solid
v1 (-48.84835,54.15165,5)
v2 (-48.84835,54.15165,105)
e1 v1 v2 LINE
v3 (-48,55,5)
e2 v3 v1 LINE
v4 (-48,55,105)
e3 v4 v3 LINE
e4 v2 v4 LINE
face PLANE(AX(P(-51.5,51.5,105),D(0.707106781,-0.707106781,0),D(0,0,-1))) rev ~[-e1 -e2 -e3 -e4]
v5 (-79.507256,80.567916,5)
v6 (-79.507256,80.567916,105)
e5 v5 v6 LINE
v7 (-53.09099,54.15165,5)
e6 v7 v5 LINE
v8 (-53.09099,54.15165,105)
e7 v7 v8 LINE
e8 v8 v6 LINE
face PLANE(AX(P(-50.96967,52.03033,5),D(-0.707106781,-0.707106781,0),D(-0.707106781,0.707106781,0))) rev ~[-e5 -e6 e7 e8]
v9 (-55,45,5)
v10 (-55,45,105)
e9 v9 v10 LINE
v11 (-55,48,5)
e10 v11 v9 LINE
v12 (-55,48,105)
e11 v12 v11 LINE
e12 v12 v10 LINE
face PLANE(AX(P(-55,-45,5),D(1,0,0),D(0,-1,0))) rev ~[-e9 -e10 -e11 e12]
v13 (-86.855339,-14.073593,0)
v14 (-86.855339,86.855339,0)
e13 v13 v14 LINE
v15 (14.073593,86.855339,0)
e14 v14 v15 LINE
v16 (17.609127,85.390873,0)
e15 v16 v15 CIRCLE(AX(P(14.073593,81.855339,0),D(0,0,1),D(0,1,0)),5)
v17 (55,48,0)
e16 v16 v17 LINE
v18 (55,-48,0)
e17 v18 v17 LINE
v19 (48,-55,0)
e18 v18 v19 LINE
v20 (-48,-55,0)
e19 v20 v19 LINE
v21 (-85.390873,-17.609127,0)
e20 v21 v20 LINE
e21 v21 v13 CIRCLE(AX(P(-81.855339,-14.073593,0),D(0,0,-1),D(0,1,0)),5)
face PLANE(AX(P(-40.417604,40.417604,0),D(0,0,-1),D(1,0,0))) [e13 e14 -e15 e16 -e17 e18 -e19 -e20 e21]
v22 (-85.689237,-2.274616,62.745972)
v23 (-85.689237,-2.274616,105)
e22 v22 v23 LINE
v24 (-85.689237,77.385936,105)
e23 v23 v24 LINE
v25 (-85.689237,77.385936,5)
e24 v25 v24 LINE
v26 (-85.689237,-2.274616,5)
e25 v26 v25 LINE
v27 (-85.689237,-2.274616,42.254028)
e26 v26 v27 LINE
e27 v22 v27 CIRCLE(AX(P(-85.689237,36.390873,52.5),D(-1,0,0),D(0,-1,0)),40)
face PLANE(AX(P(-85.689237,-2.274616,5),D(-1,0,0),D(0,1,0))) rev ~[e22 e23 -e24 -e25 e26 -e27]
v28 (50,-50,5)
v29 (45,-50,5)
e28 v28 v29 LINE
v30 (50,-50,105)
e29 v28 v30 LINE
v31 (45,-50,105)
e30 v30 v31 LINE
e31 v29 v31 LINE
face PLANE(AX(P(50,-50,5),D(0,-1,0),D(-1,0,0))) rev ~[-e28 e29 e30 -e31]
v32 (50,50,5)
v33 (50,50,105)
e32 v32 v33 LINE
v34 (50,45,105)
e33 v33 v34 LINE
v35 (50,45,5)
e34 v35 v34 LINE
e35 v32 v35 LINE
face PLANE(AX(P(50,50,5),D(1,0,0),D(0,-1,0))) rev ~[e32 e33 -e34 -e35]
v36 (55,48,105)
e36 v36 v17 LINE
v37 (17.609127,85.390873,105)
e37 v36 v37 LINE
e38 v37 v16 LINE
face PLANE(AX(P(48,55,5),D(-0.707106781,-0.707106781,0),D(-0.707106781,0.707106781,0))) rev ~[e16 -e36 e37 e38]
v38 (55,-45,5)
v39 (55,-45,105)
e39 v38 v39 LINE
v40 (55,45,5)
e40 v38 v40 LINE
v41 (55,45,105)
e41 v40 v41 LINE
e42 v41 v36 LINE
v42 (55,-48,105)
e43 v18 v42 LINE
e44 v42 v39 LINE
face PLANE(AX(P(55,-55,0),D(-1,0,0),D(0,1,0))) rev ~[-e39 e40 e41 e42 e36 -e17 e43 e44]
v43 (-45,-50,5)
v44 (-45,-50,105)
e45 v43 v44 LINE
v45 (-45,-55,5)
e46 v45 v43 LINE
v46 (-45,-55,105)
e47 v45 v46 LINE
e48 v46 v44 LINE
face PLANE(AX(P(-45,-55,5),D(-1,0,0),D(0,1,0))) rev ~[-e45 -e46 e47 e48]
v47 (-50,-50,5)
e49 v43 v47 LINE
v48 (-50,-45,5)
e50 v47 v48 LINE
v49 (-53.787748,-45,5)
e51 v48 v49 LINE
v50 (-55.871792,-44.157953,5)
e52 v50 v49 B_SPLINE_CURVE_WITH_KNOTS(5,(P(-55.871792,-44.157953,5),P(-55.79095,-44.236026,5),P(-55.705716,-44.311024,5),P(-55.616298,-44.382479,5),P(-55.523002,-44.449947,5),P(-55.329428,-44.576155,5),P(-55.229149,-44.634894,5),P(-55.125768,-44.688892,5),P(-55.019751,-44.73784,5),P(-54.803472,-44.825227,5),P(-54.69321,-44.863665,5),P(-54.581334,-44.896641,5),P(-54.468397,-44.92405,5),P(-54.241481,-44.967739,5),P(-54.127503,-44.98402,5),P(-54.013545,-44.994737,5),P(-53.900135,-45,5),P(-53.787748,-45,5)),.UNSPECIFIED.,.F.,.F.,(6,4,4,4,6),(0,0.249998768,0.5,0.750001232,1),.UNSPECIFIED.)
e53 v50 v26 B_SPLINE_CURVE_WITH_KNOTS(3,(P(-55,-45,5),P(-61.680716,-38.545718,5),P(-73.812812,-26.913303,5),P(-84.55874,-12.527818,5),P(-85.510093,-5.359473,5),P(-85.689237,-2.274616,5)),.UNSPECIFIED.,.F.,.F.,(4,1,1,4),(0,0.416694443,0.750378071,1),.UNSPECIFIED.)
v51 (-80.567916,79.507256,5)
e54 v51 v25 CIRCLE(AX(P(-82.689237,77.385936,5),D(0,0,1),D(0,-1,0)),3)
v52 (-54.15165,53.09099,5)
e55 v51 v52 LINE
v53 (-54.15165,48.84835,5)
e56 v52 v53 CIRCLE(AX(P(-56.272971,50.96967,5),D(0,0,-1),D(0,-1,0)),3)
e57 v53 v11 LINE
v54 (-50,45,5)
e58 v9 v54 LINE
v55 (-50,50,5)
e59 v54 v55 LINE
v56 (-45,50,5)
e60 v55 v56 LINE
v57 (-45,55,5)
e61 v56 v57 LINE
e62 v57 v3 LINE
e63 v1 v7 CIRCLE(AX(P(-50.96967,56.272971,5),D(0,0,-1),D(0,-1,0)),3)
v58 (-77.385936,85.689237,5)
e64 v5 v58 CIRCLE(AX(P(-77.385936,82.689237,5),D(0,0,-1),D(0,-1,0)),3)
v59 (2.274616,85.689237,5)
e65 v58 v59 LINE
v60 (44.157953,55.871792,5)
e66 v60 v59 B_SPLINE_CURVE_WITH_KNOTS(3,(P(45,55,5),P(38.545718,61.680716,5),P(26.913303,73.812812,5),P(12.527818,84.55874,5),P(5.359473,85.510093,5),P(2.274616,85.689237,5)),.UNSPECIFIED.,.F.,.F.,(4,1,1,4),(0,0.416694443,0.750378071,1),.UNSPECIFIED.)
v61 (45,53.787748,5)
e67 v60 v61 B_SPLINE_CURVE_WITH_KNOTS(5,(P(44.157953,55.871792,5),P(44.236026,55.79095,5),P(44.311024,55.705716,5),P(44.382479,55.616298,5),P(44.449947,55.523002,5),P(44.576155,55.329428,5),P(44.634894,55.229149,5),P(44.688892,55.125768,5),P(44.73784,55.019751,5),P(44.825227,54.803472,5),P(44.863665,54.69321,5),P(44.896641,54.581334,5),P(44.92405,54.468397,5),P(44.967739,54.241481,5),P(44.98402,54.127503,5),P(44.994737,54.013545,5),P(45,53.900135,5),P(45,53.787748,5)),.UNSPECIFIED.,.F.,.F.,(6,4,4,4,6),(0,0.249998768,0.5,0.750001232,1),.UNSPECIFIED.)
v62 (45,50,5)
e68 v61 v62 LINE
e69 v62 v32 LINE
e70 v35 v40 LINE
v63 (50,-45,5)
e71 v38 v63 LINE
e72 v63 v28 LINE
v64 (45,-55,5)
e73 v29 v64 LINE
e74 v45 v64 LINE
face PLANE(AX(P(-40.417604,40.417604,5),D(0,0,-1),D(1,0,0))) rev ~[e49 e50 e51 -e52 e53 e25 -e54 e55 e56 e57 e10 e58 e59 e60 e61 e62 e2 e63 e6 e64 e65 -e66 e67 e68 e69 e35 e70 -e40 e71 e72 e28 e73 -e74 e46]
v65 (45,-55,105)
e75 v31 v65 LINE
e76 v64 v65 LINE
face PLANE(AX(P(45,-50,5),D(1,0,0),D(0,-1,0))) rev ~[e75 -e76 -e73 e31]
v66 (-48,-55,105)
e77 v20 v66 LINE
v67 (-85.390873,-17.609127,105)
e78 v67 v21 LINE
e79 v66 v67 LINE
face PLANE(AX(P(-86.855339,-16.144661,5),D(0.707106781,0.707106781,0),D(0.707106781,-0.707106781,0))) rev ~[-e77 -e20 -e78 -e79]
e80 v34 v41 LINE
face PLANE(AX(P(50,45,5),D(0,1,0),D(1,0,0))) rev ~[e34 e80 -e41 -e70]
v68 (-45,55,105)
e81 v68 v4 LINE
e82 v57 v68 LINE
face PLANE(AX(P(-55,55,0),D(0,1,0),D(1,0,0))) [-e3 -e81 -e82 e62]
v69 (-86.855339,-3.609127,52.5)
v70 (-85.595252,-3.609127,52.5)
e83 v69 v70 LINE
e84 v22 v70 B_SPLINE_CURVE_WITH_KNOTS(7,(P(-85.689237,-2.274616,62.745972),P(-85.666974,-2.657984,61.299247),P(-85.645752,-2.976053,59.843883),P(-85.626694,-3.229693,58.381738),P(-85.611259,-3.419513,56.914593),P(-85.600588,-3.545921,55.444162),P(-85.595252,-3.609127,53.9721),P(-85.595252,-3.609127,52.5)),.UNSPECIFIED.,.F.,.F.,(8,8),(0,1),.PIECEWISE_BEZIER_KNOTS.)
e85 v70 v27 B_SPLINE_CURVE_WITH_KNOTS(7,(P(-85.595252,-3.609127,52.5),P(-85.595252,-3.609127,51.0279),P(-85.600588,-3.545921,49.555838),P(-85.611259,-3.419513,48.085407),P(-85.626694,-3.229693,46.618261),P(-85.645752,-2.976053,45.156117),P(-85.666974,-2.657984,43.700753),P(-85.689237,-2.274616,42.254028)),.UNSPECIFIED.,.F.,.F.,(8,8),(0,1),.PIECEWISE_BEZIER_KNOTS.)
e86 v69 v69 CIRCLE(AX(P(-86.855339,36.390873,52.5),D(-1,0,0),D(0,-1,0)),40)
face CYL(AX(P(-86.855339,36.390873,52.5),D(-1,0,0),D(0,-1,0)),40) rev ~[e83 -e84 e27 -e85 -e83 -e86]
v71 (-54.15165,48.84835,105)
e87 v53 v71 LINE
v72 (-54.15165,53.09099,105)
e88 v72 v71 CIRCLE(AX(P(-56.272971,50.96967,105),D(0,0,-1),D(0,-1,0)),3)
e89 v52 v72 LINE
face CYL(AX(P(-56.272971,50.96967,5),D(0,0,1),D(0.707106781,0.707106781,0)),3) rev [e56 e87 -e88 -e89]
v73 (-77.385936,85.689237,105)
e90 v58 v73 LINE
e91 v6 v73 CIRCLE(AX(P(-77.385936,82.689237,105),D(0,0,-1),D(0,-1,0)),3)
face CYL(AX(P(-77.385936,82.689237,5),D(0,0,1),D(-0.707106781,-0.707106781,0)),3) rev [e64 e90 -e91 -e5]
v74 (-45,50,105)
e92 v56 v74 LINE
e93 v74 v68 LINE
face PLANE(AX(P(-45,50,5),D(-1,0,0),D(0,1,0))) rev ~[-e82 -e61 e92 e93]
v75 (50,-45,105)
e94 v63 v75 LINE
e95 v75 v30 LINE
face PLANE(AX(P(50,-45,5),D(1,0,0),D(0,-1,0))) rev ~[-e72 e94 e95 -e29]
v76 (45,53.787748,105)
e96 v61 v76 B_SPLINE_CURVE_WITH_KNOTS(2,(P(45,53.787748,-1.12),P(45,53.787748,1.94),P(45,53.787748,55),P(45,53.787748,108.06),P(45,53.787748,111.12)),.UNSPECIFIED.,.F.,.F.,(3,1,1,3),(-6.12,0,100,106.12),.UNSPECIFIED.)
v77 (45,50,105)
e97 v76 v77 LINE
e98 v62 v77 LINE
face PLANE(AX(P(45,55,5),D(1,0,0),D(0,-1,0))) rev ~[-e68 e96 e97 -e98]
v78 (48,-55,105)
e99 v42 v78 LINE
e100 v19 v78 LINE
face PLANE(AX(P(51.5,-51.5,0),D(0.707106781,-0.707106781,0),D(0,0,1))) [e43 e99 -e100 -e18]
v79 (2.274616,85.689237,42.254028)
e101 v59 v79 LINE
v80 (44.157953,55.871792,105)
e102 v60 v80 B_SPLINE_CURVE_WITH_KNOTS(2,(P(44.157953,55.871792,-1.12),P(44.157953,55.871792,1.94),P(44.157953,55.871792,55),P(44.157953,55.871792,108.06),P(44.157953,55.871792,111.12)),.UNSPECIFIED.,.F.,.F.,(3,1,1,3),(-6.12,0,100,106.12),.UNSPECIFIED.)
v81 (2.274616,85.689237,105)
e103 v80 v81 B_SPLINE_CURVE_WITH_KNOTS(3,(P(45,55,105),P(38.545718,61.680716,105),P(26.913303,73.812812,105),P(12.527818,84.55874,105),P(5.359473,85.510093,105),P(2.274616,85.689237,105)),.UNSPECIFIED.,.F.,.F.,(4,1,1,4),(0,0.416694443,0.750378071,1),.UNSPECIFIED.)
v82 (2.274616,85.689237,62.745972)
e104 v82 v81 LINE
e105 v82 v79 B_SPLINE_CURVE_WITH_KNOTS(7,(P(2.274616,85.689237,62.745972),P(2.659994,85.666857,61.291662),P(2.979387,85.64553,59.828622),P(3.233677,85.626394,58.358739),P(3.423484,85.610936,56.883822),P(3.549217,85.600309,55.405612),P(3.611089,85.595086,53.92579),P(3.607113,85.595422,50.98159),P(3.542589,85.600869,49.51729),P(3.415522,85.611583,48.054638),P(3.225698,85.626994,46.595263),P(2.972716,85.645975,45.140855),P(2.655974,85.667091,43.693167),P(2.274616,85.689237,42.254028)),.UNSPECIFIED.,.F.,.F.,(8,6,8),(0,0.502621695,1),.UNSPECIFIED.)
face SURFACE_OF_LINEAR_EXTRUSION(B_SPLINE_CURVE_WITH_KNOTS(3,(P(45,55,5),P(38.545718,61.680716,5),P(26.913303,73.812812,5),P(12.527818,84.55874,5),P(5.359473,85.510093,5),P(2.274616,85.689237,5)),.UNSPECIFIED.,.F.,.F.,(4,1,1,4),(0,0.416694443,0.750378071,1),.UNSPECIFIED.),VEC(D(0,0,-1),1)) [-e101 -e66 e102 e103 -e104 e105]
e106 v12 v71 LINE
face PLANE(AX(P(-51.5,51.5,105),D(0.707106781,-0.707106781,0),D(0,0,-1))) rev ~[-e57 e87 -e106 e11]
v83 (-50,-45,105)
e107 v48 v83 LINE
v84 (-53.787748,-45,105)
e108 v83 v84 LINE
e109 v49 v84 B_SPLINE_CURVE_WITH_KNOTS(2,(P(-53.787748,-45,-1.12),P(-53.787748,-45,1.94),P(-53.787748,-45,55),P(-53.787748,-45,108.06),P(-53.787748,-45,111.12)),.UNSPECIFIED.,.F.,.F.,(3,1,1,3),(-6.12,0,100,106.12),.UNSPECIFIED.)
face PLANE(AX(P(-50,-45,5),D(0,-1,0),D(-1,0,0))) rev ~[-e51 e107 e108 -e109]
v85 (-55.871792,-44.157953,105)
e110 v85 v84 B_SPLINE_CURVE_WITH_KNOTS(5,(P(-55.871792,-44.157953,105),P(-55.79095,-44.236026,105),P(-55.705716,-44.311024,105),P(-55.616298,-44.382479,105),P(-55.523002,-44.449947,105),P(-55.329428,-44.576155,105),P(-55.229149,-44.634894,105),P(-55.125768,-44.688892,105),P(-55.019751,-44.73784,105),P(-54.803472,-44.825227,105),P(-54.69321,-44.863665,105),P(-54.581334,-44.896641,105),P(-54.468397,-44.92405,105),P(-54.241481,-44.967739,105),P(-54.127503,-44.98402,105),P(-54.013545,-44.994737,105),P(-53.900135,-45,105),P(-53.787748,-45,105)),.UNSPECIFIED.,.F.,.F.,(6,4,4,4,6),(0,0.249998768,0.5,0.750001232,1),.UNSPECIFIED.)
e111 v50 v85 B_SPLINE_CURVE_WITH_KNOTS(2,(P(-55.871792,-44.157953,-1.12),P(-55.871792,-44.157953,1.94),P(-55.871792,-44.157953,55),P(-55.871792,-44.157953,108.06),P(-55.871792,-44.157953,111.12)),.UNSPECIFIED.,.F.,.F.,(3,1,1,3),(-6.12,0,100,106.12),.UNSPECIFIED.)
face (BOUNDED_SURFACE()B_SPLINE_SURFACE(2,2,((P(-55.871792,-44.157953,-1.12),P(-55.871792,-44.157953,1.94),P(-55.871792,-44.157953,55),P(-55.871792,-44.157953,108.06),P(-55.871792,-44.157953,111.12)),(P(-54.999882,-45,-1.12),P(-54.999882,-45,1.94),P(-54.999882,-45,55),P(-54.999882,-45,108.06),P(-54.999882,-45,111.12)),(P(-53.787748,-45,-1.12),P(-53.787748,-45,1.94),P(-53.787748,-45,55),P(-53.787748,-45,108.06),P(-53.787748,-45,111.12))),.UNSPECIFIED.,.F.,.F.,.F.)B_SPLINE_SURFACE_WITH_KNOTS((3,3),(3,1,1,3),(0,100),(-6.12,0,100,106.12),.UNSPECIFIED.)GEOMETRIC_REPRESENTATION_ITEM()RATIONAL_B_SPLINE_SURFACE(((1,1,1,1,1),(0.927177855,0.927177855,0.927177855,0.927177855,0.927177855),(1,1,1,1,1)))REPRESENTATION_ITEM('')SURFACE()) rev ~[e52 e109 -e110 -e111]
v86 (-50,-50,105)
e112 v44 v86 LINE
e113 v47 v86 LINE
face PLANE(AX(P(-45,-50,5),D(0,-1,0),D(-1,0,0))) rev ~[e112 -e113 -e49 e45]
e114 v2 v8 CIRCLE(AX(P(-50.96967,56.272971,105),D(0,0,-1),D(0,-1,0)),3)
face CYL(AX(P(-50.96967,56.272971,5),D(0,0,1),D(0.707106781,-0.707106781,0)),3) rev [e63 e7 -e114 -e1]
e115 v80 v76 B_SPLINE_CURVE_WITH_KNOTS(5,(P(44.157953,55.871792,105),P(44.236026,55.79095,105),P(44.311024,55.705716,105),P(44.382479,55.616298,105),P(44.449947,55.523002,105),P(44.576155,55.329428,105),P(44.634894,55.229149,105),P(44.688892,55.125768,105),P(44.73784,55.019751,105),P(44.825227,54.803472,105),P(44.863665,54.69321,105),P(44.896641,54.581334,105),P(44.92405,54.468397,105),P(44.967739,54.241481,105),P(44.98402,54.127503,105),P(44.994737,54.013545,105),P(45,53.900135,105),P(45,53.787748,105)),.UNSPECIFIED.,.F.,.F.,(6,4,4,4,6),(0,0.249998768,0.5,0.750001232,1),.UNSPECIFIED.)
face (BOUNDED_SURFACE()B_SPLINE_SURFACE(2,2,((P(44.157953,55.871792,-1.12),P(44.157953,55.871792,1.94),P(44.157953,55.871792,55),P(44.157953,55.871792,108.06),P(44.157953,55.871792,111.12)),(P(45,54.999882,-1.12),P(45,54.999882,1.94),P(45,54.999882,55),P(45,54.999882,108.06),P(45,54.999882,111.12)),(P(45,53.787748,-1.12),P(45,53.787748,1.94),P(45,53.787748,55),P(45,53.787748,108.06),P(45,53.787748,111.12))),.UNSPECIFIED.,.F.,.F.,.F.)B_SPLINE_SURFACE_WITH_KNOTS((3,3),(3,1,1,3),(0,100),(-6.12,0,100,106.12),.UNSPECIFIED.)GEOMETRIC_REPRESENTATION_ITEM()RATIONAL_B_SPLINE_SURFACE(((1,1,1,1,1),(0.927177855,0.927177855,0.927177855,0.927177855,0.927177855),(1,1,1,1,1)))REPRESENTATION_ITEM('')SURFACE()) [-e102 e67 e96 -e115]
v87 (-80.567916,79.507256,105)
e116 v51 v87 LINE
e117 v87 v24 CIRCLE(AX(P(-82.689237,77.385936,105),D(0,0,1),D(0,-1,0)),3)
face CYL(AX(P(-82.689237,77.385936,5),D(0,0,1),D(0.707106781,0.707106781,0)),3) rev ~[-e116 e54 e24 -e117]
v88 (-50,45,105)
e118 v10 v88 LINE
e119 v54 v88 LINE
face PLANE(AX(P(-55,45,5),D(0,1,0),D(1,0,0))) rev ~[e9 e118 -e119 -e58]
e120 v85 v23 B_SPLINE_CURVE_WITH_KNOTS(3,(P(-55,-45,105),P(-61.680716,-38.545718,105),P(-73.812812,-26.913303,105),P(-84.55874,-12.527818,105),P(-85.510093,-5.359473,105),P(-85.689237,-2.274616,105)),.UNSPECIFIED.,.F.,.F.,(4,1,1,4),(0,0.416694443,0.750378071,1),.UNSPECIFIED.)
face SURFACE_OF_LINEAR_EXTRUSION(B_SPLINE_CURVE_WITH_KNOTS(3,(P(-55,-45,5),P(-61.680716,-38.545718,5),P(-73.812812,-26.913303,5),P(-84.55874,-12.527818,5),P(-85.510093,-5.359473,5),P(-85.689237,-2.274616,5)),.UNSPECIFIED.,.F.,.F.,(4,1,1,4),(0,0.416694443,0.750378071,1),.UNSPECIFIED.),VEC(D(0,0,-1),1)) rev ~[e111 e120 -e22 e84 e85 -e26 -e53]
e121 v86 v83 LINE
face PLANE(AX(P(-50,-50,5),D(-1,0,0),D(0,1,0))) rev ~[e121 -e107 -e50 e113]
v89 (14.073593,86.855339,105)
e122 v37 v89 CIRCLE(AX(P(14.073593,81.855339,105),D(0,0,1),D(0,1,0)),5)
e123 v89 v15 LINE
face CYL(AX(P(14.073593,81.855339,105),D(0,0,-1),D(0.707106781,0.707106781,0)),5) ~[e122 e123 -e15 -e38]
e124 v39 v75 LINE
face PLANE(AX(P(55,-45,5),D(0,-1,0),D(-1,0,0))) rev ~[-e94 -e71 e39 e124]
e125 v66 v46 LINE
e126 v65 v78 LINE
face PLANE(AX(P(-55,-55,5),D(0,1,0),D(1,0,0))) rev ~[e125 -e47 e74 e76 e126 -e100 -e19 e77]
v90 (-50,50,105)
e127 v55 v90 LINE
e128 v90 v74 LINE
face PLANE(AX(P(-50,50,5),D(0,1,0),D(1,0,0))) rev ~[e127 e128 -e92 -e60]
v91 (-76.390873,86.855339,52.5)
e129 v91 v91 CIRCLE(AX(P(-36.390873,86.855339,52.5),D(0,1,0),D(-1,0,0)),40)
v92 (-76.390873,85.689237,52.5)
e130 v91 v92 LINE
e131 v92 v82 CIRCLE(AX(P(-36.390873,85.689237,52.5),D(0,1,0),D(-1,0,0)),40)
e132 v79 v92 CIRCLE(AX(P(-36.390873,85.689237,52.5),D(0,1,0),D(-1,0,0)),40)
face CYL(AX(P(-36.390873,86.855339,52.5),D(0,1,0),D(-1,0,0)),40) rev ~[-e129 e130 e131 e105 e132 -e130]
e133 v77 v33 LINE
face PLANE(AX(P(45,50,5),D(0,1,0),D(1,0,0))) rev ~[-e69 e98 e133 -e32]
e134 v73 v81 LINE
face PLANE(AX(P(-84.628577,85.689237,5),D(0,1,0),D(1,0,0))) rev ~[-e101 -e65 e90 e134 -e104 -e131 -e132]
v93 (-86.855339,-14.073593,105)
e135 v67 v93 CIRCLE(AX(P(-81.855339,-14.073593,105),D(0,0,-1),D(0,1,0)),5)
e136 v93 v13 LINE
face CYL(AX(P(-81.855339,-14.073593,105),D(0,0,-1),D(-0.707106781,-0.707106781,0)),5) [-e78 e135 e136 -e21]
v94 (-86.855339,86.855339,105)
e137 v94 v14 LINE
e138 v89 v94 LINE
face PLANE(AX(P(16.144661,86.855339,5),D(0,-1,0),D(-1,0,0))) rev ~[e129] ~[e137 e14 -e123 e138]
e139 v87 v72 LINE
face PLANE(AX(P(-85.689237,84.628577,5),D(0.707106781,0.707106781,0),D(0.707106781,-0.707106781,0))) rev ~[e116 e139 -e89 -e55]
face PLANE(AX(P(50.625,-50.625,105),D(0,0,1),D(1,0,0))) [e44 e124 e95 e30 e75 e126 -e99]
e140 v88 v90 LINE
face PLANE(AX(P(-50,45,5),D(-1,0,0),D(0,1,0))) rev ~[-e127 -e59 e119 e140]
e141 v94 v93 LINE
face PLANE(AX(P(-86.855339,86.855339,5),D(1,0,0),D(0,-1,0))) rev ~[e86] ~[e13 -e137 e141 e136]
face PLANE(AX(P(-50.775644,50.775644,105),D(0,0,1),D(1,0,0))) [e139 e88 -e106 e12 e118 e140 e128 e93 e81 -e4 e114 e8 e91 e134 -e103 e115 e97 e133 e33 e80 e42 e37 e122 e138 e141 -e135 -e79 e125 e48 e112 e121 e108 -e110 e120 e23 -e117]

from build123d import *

# Parameters (mm, degrees)
F0_W      = 110
F0_H      = 110
F1_DEPTH  = 5
F3_DEPTH  = 100
F4_SIZE   = 7
F6_DEPTH  = 5
F8_DEPTH  = 100
F9_R      = 3
F10_R     = 3
F11_R     = 5
F12_R     = 40
F13_DEPTH = 2
F14_R     = 40
F15_DEPTH = 2


with BuildPart() as f1:
    # F0 (on Top) → F1 (new body)
    with BuildSketch(Plane.XY):
        Rectangle(F0_W, F0_H)
    extrude(amount=F1_DEPTH)

    # F2 (on face) → F3 (join)
    with BuildSketch(Plane.XY.offset(5)):
        Polygon((-55, -45), (-55, -55), (-45, -55), (-45, -50), (-50, -50), (-50, -45), align=None)
        Polygon((45, -50), (45, -55), (55, -55), (55, -45), (50, -45), (50, -50), align=None)
        Polygon((50, 45), (55, 45), (55, 55), (45, 55), (45, 50), (50, 50), align=None)
        Polygon((-55, 45), (-50, 45), (-50, 50), (-45, 50), (-45, 55), (-55, 55), align=None)
    extrude(amount=F3_DEPTH)

    # F4
    f4_edges = [f1.edges().sort_by_distance(p)[0] for p in [
        (55, -55, 52.5),
        (55, 55, 52.5),
        (-55, -55, 52.5),
        (-55, 55, 52.5),
    ]]
    chamfer(f4_edges, length=F4_SIZE)

    # F5 (on face) → F6 (join)
    with BuildSketch(Plane(origin=(0, 0, 0), x_dir=(1, 0, 0), z_dir=(0, 0, -1))):
        Polygon((-55, -48), (-55, 48), (-86.8553390593, 16.1446609407), (-86.8553390593, -86.8553390593), (16.1446609407, -86.8553390593), (48, -55), (-48, -55), align=None)
    extrude(amount=-F6_DEPTH)

    # F7 (on face) → F8 (join)
    with BuildSketch(Plane.XY.offset(5)):
        with BuildLine():
            Line((-86.8553390593, -16.1446609407), (-55, -48))
            Line((-55, -48), (-55, -45))
            add(Edge.make_bspline(
                [(-55, -45), (-61.680716385, -38.545717713), (-73.8128115293, -26.9133031572), (-84.5587400556, -12.5278182858), (-85.5100929907, -5.3594725865), (-85.6892368288, -2.2746161558)],
                knots=[0, 0, 0, 0, 0.4166944434, 0.7503780711, 1, 1, 1, 1], degree=3))
            Line((-85.6892368288, -2.2746161558), (-85.6892368288, 84.628576657))
            Line((-85.6892368288, 84.628576657), (-52.0303300859, 50.9696699141))
            Line((-52.0303300859, 50.9696699141), (-50.9696699141, 52.0303300859))
            Line((-50.9696699141, 52.0303300859), (-84.628576657, 85.6892368288))
            Line((-84.628576657, 85.6892368288), (2.2746161558, 85.6892368288))
            add(Edge.make_bspline(
                [(45, 55), (38.545717713, 61.680716385), (26.9133031572, 73.8128115293), (12.5278182858, 84.5587400556), (5.3594725865, 85.5100929907), (2.2746161558, 85.6892368288)],
                knots=[0, 0, 0, 0, 0.4166944434, 0.7503780711, 1, 1, 1, 1], degree=3))
            Line((45, 55), (48, 55))
            Line((48, 55), (16.1446609407, 86.8553390593))
            Line((16.1446609407, 86.8553390593), (-86.8553390593, 86.8553390593))
            Line((-86.8553390593, 86.8553390593), (-86.8553390593, -16.1446609407))
        make_face()
    extrude(amount=F8_DEPTH)

    # F9
    f9_edges = [f1.edges().sort_by_distance(p)[0] for p in [
        (-50.96967, 52.03033, 55),
        (-52.03033, 50.96967, 55),
    ]]
    fillet(f9_edges, radius=F9_R)

    # F10
    f10_edges = [f1.edges().sort_by_distance(p)[0] for p in [
        (45, 55, 55),
        (-55, -45, 55),
        (-85.689237, 84.628577, 55),
        (-84.628577, 85.689237, 55),
    ]]
    fillet(f10_edges, radius=F10_R)

    # F11
    f11_edges = [f1.edges().sort_by_distance(p)[0] for p in [
        (-86.855339, -16.144661, 52.5),
        (16.144661, 86.855339, 52.5),
    ]]
    fillet(f11_edges, radius=F11_R)

    # F12 (on face) → F13 (cut)
    with BuildSketch(Plane(origin=(0, 86.8553390593, 0), x_dir=(-1, 0, 0), z_dir=(0, 1, 0))):
        with Locations((36.3908729653, 52.5)):
            Circle(F12_R)
    extrude(amount=-F13_DEPTH, mode=Mode.SUBTRACT)

    # F14 (on face) → F15 (cut)
    with BuildSketch(Plane(origin=(-86.8553390593, 0, 0), x_dir=(0, -1, 0), z_dir=(-1, 0, 0))):
        with Locations((-36.3908729653, 52.5)):
            Circle(F14_R)
    extrude(amount=-F15_DEPTH, mode=Mode.SUBTRACT)


solid = f1.part
